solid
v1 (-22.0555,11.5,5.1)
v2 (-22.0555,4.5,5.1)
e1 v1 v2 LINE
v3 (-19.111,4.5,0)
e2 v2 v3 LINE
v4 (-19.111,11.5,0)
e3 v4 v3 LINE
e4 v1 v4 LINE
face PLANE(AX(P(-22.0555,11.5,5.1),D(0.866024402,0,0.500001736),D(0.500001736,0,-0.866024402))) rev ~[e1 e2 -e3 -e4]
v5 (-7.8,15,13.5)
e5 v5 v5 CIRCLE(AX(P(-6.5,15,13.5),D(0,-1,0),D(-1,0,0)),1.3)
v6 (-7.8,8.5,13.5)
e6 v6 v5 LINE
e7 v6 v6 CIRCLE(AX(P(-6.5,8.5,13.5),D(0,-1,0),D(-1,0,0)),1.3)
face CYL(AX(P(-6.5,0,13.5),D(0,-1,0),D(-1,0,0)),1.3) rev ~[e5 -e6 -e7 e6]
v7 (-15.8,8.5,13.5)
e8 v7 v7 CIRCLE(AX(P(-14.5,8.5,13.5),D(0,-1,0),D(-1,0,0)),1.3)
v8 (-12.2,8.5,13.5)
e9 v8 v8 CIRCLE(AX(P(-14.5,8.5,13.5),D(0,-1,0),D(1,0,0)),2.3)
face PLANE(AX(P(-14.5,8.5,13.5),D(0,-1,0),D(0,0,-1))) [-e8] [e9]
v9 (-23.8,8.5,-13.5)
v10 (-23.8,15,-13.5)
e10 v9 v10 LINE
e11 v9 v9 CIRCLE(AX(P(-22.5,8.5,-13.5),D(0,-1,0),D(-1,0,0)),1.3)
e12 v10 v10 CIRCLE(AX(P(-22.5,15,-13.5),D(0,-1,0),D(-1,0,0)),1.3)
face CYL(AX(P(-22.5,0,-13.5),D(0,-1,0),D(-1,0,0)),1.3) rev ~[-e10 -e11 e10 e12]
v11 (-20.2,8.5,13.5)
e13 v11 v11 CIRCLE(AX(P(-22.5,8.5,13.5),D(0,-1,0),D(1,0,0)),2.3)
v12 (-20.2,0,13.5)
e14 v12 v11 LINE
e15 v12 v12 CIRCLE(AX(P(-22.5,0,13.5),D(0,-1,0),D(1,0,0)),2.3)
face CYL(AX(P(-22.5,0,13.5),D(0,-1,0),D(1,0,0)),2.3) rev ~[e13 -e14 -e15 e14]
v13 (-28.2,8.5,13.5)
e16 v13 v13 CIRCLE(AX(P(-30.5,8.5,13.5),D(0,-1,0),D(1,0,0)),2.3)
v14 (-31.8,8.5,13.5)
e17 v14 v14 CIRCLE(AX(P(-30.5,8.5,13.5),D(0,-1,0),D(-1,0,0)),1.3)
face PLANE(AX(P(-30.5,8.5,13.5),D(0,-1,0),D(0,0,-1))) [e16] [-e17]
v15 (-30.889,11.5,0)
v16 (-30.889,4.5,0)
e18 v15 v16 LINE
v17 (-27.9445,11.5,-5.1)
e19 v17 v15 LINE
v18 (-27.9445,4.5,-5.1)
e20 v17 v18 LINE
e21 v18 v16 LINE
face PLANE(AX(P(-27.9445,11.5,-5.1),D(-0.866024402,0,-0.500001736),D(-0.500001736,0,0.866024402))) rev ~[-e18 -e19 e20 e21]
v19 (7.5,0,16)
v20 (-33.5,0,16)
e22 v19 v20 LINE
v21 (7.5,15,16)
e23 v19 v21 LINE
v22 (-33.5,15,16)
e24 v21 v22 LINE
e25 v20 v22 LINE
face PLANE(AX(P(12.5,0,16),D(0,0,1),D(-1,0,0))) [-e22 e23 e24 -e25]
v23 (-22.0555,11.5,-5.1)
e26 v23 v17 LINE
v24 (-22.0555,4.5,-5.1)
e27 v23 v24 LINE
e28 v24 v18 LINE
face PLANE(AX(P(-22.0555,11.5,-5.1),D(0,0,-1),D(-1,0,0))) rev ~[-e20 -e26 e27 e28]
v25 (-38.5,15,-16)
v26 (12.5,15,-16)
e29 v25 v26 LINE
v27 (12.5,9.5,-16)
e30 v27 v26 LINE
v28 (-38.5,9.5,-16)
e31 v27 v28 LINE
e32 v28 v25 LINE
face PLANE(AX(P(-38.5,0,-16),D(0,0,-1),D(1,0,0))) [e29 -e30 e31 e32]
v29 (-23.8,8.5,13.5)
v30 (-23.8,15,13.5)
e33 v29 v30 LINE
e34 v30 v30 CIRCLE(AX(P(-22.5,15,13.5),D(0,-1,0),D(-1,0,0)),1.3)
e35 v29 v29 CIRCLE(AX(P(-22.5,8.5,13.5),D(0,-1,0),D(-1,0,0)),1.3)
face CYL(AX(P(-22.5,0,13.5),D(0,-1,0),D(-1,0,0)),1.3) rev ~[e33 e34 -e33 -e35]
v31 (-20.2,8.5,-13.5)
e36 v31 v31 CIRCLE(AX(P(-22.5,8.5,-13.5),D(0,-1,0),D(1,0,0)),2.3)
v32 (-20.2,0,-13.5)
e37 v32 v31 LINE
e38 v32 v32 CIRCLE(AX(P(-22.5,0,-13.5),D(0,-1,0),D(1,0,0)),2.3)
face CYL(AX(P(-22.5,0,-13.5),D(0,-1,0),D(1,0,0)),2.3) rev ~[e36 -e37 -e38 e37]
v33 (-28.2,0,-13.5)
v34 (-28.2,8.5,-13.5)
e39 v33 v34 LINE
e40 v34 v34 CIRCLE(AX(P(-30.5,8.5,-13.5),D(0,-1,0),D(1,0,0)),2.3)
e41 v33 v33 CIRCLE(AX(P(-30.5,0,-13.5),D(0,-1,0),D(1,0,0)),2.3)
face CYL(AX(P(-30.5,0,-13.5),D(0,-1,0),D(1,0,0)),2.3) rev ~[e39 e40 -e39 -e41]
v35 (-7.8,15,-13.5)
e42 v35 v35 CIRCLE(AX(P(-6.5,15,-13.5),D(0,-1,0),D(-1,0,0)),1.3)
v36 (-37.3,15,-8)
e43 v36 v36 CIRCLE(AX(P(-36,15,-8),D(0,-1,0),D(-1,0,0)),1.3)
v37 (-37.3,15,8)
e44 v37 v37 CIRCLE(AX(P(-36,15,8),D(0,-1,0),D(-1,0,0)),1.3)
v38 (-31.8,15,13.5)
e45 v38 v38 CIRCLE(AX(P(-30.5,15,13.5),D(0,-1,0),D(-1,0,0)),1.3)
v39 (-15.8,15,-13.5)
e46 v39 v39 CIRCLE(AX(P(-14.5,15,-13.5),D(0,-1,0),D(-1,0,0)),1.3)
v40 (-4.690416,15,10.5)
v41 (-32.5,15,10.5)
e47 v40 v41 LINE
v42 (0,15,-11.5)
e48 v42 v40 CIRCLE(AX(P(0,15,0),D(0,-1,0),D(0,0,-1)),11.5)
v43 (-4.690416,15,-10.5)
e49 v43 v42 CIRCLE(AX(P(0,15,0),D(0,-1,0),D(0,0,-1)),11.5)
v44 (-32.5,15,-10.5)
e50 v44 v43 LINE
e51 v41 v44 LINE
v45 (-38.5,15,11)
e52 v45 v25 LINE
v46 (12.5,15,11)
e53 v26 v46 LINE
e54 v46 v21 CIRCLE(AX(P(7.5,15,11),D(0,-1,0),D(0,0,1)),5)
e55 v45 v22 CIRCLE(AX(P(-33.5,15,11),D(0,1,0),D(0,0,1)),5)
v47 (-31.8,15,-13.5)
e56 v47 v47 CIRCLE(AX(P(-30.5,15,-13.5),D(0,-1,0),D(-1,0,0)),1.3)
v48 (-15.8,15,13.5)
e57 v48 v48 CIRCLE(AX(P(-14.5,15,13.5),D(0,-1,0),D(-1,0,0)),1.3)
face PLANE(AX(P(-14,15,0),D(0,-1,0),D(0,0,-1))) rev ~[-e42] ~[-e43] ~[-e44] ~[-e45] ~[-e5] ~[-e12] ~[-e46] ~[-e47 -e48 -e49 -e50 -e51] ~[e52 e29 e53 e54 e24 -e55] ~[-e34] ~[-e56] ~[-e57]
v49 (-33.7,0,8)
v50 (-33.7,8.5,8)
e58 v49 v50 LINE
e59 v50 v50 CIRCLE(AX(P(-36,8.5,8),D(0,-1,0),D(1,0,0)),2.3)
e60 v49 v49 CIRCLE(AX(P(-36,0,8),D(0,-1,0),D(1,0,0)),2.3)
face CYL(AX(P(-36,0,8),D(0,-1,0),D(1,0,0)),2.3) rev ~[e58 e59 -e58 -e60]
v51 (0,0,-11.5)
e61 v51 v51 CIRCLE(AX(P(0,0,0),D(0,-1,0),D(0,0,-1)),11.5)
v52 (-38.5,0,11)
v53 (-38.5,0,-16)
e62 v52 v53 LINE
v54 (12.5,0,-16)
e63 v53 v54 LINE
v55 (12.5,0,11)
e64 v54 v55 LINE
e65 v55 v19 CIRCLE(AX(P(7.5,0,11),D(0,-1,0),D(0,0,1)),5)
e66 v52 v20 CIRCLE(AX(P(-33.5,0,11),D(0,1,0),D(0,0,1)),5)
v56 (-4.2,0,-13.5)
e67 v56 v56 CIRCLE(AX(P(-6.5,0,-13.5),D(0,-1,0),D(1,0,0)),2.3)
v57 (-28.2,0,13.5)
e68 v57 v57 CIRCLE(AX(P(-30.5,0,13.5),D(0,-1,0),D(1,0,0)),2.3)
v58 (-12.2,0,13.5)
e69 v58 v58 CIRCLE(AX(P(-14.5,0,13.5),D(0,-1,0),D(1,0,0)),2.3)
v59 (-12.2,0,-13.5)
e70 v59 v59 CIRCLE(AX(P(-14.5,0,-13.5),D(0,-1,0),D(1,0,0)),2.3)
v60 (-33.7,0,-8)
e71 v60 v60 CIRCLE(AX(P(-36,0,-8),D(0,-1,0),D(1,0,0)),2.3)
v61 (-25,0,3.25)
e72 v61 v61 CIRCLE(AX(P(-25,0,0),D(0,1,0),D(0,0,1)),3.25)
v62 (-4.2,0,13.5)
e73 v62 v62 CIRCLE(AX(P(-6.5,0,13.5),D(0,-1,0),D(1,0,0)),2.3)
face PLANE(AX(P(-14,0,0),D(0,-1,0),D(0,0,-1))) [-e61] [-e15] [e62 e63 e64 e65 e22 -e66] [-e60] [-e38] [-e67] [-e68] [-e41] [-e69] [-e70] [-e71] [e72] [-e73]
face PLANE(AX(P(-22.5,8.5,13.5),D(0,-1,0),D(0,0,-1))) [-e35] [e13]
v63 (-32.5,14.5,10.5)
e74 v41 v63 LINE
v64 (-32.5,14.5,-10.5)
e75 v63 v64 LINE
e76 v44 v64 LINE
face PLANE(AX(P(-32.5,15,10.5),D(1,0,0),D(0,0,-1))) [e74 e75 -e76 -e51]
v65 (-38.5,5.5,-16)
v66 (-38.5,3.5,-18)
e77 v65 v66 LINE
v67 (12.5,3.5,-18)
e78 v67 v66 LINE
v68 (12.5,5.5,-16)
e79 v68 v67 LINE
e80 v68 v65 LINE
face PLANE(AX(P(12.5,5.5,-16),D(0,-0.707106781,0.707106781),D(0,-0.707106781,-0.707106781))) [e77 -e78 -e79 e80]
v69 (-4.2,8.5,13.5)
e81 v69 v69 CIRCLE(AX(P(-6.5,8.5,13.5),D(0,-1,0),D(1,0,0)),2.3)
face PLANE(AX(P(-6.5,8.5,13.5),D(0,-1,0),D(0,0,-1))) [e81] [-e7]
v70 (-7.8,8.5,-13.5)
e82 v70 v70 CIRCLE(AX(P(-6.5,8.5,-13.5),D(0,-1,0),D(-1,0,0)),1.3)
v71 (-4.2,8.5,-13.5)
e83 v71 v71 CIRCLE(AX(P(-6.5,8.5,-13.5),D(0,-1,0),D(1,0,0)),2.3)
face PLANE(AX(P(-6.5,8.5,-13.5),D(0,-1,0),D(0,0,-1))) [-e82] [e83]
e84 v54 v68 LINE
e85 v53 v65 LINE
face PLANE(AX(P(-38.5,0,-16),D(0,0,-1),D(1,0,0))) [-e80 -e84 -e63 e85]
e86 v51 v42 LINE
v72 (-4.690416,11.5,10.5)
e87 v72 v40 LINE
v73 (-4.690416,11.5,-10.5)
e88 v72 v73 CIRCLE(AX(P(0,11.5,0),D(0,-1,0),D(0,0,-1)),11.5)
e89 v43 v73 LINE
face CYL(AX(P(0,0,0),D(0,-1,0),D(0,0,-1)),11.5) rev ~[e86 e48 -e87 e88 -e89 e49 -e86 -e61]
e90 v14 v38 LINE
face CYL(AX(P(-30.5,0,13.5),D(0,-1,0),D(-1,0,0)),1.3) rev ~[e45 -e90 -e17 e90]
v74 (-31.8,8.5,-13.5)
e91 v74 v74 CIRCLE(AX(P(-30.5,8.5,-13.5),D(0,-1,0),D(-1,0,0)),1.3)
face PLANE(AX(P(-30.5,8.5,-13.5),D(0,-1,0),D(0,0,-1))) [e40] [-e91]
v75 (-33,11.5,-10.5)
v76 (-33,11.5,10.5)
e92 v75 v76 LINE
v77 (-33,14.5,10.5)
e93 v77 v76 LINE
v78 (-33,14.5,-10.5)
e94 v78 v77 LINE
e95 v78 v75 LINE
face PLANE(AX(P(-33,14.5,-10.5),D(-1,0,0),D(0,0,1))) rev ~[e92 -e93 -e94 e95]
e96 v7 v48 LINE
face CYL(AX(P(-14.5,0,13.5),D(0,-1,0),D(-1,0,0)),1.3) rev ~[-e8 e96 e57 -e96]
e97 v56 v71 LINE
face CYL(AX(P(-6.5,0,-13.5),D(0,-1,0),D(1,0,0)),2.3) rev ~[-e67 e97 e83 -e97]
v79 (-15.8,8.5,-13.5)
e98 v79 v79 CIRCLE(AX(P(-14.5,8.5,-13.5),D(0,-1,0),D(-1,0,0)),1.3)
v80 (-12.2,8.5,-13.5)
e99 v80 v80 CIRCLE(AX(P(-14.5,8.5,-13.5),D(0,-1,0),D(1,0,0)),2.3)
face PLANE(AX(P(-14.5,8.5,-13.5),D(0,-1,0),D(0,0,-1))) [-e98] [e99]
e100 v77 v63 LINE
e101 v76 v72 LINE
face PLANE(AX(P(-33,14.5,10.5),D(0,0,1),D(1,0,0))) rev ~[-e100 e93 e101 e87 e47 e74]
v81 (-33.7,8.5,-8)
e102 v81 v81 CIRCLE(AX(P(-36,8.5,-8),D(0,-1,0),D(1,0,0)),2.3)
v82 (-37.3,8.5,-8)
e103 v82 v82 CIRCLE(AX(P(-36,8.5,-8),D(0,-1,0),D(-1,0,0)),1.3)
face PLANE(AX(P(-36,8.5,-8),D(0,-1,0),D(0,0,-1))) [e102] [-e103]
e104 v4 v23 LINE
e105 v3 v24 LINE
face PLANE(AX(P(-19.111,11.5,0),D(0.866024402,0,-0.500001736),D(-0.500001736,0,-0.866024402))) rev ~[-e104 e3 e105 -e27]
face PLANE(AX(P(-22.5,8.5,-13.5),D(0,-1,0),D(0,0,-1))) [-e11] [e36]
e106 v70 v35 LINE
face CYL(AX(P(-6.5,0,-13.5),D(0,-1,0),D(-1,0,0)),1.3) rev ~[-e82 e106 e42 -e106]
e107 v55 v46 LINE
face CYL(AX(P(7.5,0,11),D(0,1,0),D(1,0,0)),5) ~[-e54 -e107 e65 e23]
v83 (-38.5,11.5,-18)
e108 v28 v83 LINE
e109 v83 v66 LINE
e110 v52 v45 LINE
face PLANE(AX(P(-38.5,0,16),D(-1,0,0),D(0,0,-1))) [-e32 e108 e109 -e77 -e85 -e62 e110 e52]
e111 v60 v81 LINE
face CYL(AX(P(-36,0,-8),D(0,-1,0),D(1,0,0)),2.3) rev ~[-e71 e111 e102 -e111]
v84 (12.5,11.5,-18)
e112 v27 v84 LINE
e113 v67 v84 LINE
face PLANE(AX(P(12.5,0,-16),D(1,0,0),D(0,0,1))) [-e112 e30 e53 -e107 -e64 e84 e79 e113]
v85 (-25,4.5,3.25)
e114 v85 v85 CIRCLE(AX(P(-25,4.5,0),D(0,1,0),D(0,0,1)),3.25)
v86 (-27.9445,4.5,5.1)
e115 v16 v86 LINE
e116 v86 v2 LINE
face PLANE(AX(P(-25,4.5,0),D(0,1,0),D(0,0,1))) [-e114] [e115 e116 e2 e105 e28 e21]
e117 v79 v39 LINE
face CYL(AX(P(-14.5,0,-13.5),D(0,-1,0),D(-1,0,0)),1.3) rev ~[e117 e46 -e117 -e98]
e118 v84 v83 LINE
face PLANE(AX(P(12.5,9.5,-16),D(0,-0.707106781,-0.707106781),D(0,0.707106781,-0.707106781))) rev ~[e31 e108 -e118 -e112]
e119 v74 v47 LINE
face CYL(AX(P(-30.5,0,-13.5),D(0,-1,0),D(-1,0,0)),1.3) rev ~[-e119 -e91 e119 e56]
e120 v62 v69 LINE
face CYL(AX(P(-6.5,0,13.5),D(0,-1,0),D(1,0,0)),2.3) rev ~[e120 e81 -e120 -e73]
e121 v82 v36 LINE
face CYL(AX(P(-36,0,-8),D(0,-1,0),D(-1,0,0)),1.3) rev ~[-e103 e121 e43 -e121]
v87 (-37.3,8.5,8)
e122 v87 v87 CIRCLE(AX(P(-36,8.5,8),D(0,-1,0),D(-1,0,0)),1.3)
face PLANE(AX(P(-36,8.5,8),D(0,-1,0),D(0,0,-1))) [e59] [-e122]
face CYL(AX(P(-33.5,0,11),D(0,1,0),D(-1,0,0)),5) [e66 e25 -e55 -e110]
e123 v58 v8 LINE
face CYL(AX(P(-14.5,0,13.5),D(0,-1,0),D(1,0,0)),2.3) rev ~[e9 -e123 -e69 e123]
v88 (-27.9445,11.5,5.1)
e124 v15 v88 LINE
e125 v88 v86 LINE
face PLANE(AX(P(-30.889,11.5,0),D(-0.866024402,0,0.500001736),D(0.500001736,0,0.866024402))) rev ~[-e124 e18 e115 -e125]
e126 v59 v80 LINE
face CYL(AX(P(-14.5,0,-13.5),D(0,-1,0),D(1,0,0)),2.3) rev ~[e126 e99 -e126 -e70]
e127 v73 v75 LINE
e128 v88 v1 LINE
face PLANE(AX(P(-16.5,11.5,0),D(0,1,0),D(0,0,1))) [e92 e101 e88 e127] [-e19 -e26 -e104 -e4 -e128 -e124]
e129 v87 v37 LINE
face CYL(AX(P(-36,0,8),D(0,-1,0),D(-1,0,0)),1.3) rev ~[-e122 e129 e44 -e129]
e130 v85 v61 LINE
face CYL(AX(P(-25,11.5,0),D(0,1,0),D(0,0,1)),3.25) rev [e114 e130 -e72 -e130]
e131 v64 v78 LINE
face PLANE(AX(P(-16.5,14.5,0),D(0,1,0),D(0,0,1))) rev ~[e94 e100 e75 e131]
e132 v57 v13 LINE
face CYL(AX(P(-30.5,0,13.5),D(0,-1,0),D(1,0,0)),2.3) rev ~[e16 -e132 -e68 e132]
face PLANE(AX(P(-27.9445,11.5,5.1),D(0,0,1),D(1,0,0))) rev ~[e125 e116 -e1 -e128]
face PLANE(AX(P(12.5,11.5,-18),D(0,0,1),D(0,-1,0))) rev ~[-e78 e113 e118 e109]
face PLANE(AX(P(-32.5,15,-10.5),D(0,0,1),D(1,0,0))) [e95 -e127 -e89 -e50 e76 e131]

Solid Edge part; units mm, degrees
sketch "Sketch1" plane through (0, 0, 0) normal (0, -1, 0) x (1, 0, 0)
  line L0 (16, 20) -> (-44, 20)
  line L1 (-44, 20) -> (-44, -20)
  line L2 (-44, -20) -> (16, -20)
  line L3 (16, -20) -> (16, 20)
  dimension "D1" = 60
  dimension "D2" = 40
extrude "Protrusion1" add sketch "Sketch1" against normal blind 15
sketch "Sketch2" plane through (-14, 0, 0) normal (0, -1, 0) x (0, 0, -1)
  circle A0 centre (0, 14) radius 11.5
extrude "Cutout1" cut sketch "Sketch2" against normal through all
sketch "Sketch3" plane through (-13.5, 14.5, 0) normal (0, 1, 0) x (0, 0, 1)
  line L0 (-10.5, -19.5) -> (10.5, -19.5)
  line L1 (10.5, -19.5) -> (10.5, 13.5)
  line L2 (10.5, 13.5) -> (-10.5, 13.5)
  line L3 (-10.5, 13.5) -> (-10.5, -19.5)
  dimension "D1" = 33
  dimension "D2" = 21
extrude "VaciadoExtruido_3" cut sketch "Sketch3" against normal blind 3
hole "Agujero_7" at (-25, 11.5, 0) direction (0, -1, 0) diameter 6.5 end up to next
sketch "Sketch4" plane through (-14, 0, 15) normal (0, -1, 0) x (-1, 0, 0)
  circle A0 centre (8.5, 28.5) radius 1.3
  circle A1 centre (16.5, 28.5) radius 1.3
  circle A2 centre (-7.5, 1.5) radius 1.3
  circle A3 centre (8.5, 1.5) radius 1.3
  circle A4 centre (16.5, 1.5) radius 1.3
  circle A5 centre (22, 23) radius 1.3
  circle A6 centre (22, 7) radius 1.3
  circle A7 centre (0.5, 28.5) radius 1.3
  circle A8 centre (0.5, 1.5) radius 1.3
  circle A9 centre (-7.5, 28.5) radius 1.3
  dimension "D1" = 2.6
  dimension "D2" = 2.6
  dimension "D3" = 8
extrude "Cutout2" cut sketch "Sketch4" against normal through all
sketch "Sketch5" plane through (-18.8452, 11.5, 0) normal (0, 1, 0) x (0, 0, -1)
  line L0 (5.1, 9.0993) -> (0, 12.0438)
  line L1 (0, 12.0438) -> (-5.1, 9.0993)
  line L2 (-5.1, 9.0993) -> (-5.1, 3.2103)
  line L3 (-5.1, 3.2103) -> (0, 0.2658)
  line L4 (0, 0.2658) -> (5.1, 3.2103)
  line L5 (5.1, 3.2103) -> (5.1, 9.0993)
extrude "VaciadoExtruido_14" cut sketch "Sketch5" against normal blind 7
sketch "Sketch6" plane through (-14, 0, 0) normal (0, -1, 0) x (-1, 0, 0)
  line L0 (-26.5, -16) -> (24.5, -16)
  line L1 (24.5, -16) -> (24.5, 16)
  line L2 (24.5, 16) -> (-26.5, 16)
  line L3 (-26.5, 16) -> (-26.5, -16)
  line L4 (36.0036, -24.8602) -> (-34.0265, -24.8602)
  line L5 (-34.0265, -24.8602) -> (-34.0265, 20.7723)
  line L6 (-34.0265, 20.7723) -> (36.0036, 20.7723)
  line L7 (36.0036, 20.7723) -> (36.0036, -24.8602)
  dimension "D1" = 12.5
extrude "Cutout3" cut sketch "Sketch6" against normal through all
sketch "Sketch7" plane through (12.5, 5.75, 0) normal (1, 0, 0) x (0, -1, 0)
  line L0 (-3.75, 16) -> (-5.75, 18)
  line L1 (-5.75, 18) -> (-1.75, 18)
  line L2 (2.25, 18) -> (-1.75, 18)
  line L3 (0.25, 16) -> (2.25, 18)
  line L4 (0.25, 16) -> (-1.75, 16)
  line L5 (-3.75, 16) -> (-1.75, 16)
  dimension "D1" = 4
  dimension "D2" = 2
extrude "ProtrusiónExtruida_10" add sketch "Sketch7" against normal blind 51
fillet "Round1" radius 5 2 edges at (12.5, 7.5, 16) (-38.5, 7.5, 16)
sketch "Sketch8" plane through (-13, 15, 0) normal (0, 1, 0) x (1, 0, 0)
  line L0 (-19.5, 10.5) -> (11, 10.5)
  line L1 (11, 10.5) -> (11, -10.5)
  line L2 (11, -10.5) -> (-19.5, -10.5)
  line L3 (-19.5, -10.5) -> (-19.5, 10.5)
  dimension "D1" = 2
  dimension "D2" = 45
  dimension "D3" = 21
  dimension "D4" = 10.5
extrude "VaciadoExtruido_31" cut sketch "Sketch8" against normal blind 3
sketch "Sketch9" plane through (-13, 0, 0) normal (0, -1, 0) x (1, 0, 0)
  circle A0 centre (6.5, -13.5) radius 2.3
  circle A1 centre (-1.5, -13.5) radius 2.3
  circle A2 centre (-9.5, -13.5) radius 2.3
  circle A3 centre (-17.5, -13.5) radius 2.3
  circle A4 centre (-23, -8) radius 2.3
  circle A5 centre (-23, 8) radius 2.3
  circle A6 centre (-17.5, 13.5) radius 2.3
  circle A7 centre (-9.5, 13.5) radius 2.3
  circle A8 centre (-1.5, 13.5) radius 2.3
  circle A9 centre (6.5, 13.5) radius 2.3
extrude "Cutout4" cut sketch "Sketch9" against normal blind 8.5
